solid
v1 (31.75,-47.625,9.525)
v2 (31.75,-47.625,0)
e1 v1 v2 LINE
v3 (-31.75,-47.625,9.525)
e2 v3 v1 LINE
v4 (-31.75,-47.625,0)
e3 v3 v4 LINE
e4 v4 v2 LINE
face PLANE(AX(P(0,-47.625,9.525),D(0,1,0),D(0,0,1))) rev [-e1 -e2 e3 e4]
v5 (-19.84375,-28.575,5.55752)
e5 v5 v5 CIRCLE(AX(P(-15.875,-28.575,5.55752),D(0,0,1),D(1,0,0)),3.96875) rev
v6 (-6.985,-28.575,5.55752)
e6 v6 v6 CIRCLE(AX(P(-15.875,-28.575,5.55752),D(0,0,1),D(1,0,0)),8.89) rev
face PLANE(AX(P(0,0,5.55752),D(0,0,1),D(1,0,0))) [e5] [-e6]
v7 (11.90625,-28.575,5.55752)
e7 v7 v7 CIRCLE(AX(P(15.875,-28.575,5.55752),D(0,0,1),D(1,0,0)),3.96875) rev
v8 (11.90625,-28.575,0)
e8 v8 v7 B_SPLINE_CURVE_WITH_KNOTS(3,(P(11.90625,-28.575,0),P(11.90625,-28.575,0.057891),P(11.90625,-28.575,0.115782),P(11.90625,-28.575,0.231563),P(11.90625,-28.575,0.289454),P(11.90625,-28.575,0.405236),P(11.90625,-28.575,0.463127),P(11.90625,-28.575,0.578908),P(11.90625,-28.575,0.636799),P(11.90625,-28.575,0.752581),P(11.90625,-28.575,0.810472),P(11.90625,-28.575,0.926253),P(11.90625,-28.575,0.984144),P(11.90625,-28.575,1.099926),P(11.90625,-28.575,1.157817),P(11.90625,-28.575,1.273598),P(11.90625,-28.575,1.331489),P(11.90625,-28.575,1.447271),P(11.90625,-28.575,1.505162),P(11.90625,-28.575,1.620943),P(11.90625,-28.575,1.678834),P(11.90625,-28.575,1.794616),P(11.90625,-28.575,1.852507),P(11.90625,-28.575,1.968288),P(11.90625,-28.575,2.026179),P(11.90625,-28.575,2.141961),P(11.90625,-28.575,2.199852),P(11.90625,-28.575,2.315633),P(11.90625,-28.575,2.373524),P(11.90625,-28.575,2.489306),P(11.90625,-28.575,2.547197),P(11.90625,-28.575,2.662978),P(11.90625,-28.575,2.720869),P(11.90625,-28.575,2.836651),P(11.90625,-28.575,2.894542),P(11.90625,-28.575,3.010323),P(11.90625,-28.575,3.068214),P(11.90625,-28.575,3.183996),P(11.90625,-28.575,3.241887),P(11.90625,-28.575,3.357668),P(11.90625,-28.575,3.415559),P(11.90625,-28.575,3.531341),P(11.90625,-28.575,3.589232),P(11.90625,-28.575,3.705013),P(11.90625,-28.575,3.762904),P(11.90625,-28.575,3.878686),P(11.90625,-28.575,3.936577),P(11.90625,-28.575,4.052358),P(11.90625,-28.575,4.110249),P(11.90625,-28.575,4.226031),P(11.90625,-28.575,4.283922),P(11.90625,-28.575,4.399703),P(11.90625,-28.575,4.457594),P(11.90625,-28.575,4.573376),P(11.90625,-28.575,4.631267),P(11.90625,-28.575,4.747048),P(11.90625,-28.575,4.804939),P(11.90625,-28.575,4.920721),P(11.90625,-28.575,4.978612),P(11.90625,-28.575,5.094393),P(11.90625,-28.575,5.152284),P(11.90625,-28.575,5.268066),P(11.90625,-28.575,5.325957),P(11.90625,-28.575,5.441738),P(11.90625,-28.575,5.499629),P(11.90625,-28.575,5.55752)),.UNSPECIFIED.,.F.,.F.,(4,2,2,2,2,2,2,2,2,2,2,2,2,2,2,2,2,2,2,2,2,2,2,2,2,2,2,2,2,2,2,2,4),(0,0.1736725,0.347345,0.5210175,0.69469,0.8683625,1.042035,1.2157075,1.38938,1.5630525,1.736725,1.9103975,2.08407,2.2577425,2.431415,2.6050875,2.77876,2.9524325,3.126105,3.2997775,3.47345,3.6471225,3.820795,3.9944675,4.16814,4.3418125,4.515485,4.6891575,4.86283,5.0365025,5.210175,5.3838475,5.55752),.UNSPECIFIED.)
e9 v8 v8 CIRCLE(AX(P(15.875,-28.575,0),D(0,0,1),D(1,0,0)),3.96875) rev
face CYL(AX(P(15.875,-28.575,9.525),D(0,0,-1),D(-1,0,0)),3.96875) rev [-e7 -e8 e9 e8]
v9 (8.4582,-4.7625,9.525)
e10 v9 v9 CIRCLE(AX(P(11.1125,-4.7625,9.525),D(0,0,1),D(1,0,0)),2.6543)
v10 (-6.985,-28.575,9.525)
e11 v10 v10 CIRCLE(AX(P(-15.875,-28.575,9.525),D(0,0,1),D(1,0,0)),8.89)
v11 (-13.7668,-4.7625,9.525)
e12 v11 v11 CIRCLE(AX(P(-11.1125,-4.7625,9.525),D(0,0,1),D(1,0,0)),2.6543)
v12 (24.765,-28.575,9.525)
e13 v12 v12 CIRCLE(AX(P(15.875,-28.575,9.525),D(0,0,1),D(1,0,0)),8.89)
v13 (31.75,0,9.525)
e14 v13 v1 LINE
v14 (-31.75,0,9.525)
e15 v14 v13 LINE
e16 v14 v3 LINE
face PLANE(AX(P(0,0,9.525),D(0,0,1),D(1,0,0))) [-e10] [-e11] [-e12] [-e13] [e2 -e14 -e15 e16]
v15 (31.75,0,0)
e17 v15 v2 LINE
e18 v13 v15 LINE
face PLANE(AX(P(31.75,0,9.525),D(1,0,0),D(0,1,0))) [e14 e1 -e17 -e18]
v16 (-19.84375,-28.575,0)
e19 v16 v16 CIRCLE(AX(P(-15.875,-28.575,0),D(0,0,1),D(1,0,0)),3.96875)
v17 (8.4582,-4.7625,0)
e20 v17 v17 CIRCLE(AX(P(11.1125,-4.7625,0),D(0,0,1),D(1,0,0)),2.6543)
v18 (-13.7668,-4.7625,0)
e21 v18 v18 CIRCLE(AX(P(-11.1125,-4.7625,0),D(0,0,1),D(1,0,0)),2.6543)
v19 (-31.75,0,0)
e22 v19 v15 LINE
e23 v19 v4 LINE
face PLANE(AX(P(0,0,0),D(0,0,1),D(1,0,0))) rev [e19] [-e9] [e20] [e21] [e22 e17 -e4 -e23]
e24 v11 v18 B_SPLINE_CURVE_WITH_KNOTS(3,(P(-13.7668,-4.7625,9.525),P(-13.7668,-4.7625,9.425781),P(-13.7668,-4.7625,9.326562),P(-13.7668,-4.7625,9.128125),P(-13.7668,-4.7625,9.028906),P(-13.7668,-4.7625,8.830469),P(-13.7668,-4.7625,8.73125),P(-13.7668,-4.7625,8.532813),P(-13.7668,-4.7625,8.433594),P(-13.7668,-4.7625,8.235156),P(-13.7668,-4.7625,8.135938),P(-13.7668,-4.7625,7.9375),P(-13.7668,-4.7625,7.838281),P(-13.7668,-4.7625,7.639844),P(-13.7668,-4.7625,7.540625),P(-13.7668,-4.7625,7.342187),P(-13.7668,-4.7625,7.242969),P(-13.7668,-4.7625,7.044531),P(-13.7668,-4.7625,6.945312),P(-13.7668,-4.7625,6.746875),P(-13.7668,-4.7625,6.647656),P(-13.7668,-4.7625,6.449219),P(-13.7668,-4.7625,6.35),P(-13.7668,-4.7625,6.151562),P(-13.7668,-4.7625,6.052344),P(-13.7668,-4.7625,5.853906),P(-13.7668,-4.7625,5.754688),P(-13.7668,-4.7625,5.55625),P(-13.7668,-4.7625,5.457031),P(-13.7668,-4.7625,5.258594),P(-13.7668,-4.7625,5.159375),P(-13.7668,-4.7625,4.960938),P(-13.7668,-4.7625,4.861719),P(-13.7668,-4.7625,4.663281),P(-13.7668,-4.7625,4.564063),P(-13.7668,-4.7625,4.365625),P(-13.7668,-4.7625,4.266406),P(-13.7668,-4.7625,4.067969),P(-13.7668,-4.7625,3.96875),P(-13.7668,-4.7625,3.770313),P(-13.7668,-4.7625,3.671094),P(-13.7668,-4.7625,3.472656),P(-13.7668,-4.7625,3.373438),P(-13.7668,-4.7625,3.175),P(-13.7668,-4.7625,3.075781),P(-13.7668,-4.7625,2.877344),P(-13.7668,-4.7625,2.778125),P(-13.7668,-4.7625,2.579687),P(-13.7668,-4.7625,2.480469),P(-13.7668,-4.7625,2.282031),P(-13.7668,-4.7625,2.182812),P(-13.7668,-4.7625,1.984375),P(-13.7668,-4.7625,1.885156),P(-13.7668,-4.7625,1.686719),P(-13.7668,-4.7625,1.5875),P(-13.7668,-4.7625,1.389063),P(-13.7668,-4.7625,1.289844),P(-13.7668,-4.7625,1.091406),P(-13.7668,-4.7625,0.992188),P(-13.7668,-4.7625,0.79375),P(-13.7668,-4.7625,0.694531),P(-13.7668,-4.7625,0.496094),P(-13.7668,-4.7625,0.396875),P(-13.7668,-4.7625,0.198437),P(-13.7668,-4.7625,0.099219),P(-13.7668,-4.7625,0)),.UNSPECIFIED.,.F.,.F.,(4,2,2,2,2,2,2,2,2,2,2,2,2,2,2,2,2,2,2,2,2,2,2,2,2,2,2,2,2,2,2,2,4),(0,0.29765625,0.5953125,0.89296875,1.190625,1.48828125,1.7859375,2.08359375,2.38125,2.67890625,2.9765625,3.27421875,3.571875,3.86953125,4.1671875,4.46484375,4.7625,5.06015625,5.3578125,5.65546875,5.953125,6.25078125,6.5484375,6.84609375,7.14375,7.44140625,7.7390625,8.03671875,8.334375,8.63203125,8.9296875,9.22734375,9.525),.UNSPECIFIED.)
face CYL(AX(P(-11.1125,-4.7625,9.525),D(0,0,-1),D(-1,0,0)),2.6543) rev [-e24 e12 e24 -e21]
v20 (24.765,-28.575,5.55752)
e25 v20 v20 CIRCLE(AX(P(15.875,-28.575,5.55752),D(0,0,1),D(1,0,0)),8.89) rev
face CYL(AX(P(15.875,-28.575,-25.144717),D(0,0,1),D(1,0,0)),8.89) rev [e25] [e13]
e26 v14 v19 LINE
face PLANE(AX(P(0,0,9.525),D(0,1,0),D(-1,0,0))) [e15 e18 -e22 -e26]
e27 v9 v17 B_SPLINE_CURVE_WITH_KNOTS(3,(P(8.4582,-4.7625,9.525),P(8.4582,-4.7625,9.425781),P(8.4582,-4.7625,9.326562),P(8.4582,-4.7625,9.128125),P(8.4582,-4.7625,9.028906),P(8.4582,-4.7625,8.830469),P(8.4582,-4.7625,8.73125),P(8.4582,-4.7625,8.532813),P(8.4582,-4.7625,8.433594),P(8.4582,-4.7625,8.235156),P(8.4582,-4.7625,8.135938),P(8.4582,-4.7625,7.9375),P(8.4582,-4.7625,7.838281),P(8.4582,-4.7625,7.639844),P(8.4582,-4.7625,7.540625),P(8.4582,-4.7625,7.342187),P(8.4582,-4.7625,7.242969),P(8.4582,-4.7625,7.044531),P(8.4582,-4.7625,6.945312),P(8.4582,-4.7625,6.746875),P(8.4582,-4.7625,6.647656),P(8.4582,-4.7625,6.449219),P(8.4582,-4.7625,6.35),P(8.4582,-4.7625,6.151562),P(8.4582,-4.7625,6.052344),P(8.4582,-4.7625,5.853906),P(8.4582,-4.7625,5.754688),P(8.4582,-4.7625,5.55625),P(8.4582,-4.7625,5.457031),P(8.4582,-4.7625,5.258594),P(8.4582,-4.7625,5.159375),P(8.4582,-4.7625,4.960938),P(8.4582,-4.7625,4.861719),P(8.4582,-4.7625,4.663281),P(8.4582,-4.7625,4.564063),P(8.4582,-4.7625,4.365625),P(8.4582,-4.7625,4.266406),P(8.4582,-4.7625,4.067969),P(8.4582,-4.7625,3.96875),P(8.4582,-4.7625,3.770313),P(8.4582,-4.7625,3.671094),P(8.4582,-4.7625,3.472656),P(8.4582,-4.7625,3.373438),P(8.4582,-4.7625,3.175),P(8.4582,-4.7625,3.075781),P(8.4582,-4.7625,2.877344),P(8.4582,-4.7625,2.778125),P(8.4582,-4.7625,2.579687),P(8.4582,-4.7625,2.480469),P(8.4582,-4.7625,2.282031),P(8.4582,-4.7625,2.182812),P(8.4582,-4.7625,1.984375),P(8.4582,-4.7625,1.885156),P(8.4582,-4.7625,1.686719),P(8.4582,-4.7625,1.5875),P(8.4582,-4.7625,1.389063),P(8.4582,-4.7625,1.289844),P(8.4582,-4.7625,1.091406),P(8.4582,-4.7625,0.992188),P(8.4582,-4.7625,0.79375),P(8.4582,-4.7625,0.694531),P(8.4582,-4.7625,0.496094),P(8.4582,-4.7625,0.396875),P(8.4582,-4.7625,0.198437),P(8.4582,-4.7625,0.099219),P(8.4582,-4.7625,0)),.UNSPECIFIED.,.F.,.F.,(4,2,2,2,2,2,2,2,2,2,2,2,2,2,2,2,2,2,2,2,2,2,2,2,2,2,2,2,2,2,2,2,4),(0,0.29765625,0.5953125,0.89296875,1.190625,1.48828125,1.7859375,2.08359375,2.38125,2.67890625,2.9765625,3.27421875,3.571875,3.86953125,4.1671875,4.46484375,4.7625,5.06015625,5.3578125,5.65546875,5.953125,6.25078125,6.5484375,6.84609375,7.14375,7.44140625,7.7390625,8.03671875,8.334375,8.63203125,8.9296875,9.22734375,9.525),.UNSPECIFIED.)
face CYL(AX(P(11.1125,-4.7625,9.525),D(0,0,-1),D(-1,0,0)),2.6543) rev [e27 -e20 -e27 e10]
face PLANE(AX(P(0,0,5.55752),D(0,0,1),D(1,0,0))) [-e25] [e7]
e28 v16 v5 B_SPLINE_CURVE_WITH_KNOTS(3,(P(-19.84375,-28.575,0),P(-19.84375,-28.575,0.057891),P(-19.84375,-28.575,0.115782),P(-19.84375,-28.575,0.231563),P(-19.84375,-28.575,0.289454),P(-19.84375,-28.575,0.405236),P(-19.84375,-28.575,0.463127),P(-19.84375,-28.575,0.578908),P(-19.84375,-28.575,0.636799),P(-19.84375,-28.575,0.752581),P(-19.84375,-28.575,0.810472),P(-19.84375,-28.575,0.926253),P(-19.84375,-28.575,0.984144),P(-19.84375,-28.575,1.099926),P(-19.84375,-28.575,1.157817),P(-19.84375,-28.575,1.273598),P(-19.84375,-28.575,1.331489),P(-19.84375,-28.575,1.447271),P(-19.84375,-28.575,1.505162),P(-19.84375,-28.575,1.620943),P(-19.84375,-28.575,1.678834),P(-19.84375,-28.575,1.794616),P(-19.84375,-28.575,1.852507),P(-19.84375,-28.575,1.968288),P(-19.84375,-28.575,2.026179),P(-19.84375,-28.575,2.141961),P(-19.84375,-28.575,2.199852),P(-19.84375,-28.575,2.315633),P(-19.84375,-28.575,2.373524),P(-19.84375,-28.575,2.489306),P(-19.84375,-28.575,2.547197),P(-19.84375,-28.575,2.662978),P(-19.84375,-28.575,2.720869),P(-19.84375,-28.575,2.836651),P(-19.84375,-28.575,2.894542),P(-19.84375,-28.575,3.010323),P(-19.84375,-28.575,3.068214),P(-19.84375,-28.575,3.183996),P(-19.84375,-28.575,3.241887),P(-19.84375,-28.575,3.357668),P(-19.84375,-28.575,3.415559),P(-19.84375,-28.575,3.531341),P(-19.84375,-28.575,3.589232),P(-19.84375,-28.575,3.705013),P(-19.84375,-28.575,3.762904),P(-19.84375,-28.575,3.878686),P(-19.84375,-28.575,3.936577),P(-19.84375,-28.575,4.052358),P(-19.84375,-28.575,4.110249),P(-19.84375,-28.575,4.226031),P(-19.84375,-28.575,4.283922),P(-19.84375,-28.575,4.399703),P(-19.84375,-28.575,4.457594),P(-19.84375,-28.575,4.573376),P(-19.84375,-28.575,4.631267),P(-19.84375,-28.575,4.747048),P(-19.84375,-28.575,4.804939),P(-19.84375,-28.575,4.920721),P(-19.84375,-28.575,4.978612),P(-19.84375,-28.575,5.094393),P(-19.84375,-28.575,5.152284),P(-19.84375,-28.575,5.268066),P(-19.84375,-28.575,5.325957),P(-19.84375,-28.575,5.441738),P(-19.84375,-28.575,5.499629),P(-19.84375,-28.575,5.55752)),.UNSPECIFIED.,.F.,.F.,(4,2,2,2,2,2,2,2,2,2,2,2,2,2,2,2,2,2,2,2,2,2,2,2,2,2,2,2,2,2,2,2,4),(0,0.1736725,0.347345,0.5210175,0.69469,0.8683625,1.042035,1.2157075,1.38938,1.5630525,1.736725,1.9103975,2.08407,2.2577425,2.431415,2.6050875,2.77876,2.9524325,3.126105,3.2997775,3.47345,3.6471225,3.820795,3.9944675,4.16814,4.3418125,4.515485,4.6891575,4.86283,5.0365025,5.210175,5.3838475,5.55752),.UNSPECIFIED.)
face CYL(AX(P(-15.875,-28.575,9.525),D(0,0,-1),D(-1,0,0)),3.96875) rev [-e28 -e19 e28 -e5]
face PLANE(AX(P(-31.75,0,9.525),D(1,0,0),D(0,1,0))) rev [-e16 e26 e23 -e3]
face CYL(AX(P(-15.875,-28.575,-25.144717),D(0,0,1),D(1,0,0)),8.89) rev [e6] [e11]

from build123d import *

# Parameters (mm, degrees)
SKETCH1_W           = 63.5
SKETCH1_H           = 47.625
SKETCH1_R           = 8.89
SKETCH1_R_2         = 2.6543
SKETCH1_R_3         = 3.96875
BOSS_EXTRUDE1_DEPTH = 9.525
CUT_EXTRUDE2_START  = 5.55752
SKETCH1_3_R         = 8.89
SKETCH1_3_R_2       = 3.96875
CUT_EXTRUDE2_DEPTH  = 3.96748


with BuildPart() as part:
    # Sketch1 → Boss-Extrude1 (new body)
    # profile 1 of 3: a face of its own
    with BuildSketch(Plane.XY):
        with Locations((0, -23.8125)):
            Rectangle(SKETCH1_W, SKETCH1_H)
        with Locations((-15.875, -28.575)):
            Circle(SKETCH1_R, mode=Mode.SUBTRACT)
        with Locations(Location((11.1125, -4.7625, 0), (0, 0, 180))):
            Circle(SKETCH1_R_2, mode=Mode.SUBTRACT)
        with Locations(Location((-11.1125, -4.7625, 0), (0, 0, 180))):
            Circle(SKETCH1_R_2, mode=Mode.SUBTRACT)
        with Locations((15.875, -28.575)):
            Circle(SKETCH1_R, mode=Mode.SUBTRACT)
    # profile 2 of 3: a face of its own
    with BuildSketch(Plane.XY):
        with Locations((-15.875, -28.575)):
            Circle(SKETCH1_R)
        with Locations(Location((-15.875, -28.575, 0), (0, 0, 180))):
            Circle(SKETCH1_R_3, mode=Mode.SUBTRACT)
    # profile 3 of 3: a face of its own
    with BuildSketch(Plane.XY):
        with Locations((15.875, -28.575)):
            Circle(SKETCH1_R)
        with Locations(Location((15.875, -28.575, 0), (0, 0, 180))):
            Circle(SKETCH1_R_3, mode=Mode.SUBTRACT)
    extrude(amount=BOSS_EXTRUDE1_DEPTH)

    # Sketch1<3> → Cut-Extrude2 (cut)
    # profile 1 of 2: a face of its own
    with BuildSketch(Plane.XY.offset(CUT_EXTRUDE2_START)):
        with Locations((-15.875, -28.575)):
            Circle(SKETCH1_3_R)
        with Locations(Location((-15.875, -28.575, 0), (0, 0, 180))):
            Circle(SKETCH1_3_R_2, mode=Mode.SUBTRACT)
    # profile 2 of 2: a face of its own
    with BuildSketch(Plane.XY.offset(CUT_EXTRUDE2_START)):
        with Locations((15.875, -28.575)):
            Circle(SKETCH1_3_R)
        with Locations(Location((15.875, -28.575, 0), (0, 0, 180))):
            Circle(SKETCH1_3_R_2, mode=Mode.SUBTRACT)
    extrude(amount=CUT_EXTRUDE2_DEPTH, mode=Mode.SUBTRACT)


solid = part.part
